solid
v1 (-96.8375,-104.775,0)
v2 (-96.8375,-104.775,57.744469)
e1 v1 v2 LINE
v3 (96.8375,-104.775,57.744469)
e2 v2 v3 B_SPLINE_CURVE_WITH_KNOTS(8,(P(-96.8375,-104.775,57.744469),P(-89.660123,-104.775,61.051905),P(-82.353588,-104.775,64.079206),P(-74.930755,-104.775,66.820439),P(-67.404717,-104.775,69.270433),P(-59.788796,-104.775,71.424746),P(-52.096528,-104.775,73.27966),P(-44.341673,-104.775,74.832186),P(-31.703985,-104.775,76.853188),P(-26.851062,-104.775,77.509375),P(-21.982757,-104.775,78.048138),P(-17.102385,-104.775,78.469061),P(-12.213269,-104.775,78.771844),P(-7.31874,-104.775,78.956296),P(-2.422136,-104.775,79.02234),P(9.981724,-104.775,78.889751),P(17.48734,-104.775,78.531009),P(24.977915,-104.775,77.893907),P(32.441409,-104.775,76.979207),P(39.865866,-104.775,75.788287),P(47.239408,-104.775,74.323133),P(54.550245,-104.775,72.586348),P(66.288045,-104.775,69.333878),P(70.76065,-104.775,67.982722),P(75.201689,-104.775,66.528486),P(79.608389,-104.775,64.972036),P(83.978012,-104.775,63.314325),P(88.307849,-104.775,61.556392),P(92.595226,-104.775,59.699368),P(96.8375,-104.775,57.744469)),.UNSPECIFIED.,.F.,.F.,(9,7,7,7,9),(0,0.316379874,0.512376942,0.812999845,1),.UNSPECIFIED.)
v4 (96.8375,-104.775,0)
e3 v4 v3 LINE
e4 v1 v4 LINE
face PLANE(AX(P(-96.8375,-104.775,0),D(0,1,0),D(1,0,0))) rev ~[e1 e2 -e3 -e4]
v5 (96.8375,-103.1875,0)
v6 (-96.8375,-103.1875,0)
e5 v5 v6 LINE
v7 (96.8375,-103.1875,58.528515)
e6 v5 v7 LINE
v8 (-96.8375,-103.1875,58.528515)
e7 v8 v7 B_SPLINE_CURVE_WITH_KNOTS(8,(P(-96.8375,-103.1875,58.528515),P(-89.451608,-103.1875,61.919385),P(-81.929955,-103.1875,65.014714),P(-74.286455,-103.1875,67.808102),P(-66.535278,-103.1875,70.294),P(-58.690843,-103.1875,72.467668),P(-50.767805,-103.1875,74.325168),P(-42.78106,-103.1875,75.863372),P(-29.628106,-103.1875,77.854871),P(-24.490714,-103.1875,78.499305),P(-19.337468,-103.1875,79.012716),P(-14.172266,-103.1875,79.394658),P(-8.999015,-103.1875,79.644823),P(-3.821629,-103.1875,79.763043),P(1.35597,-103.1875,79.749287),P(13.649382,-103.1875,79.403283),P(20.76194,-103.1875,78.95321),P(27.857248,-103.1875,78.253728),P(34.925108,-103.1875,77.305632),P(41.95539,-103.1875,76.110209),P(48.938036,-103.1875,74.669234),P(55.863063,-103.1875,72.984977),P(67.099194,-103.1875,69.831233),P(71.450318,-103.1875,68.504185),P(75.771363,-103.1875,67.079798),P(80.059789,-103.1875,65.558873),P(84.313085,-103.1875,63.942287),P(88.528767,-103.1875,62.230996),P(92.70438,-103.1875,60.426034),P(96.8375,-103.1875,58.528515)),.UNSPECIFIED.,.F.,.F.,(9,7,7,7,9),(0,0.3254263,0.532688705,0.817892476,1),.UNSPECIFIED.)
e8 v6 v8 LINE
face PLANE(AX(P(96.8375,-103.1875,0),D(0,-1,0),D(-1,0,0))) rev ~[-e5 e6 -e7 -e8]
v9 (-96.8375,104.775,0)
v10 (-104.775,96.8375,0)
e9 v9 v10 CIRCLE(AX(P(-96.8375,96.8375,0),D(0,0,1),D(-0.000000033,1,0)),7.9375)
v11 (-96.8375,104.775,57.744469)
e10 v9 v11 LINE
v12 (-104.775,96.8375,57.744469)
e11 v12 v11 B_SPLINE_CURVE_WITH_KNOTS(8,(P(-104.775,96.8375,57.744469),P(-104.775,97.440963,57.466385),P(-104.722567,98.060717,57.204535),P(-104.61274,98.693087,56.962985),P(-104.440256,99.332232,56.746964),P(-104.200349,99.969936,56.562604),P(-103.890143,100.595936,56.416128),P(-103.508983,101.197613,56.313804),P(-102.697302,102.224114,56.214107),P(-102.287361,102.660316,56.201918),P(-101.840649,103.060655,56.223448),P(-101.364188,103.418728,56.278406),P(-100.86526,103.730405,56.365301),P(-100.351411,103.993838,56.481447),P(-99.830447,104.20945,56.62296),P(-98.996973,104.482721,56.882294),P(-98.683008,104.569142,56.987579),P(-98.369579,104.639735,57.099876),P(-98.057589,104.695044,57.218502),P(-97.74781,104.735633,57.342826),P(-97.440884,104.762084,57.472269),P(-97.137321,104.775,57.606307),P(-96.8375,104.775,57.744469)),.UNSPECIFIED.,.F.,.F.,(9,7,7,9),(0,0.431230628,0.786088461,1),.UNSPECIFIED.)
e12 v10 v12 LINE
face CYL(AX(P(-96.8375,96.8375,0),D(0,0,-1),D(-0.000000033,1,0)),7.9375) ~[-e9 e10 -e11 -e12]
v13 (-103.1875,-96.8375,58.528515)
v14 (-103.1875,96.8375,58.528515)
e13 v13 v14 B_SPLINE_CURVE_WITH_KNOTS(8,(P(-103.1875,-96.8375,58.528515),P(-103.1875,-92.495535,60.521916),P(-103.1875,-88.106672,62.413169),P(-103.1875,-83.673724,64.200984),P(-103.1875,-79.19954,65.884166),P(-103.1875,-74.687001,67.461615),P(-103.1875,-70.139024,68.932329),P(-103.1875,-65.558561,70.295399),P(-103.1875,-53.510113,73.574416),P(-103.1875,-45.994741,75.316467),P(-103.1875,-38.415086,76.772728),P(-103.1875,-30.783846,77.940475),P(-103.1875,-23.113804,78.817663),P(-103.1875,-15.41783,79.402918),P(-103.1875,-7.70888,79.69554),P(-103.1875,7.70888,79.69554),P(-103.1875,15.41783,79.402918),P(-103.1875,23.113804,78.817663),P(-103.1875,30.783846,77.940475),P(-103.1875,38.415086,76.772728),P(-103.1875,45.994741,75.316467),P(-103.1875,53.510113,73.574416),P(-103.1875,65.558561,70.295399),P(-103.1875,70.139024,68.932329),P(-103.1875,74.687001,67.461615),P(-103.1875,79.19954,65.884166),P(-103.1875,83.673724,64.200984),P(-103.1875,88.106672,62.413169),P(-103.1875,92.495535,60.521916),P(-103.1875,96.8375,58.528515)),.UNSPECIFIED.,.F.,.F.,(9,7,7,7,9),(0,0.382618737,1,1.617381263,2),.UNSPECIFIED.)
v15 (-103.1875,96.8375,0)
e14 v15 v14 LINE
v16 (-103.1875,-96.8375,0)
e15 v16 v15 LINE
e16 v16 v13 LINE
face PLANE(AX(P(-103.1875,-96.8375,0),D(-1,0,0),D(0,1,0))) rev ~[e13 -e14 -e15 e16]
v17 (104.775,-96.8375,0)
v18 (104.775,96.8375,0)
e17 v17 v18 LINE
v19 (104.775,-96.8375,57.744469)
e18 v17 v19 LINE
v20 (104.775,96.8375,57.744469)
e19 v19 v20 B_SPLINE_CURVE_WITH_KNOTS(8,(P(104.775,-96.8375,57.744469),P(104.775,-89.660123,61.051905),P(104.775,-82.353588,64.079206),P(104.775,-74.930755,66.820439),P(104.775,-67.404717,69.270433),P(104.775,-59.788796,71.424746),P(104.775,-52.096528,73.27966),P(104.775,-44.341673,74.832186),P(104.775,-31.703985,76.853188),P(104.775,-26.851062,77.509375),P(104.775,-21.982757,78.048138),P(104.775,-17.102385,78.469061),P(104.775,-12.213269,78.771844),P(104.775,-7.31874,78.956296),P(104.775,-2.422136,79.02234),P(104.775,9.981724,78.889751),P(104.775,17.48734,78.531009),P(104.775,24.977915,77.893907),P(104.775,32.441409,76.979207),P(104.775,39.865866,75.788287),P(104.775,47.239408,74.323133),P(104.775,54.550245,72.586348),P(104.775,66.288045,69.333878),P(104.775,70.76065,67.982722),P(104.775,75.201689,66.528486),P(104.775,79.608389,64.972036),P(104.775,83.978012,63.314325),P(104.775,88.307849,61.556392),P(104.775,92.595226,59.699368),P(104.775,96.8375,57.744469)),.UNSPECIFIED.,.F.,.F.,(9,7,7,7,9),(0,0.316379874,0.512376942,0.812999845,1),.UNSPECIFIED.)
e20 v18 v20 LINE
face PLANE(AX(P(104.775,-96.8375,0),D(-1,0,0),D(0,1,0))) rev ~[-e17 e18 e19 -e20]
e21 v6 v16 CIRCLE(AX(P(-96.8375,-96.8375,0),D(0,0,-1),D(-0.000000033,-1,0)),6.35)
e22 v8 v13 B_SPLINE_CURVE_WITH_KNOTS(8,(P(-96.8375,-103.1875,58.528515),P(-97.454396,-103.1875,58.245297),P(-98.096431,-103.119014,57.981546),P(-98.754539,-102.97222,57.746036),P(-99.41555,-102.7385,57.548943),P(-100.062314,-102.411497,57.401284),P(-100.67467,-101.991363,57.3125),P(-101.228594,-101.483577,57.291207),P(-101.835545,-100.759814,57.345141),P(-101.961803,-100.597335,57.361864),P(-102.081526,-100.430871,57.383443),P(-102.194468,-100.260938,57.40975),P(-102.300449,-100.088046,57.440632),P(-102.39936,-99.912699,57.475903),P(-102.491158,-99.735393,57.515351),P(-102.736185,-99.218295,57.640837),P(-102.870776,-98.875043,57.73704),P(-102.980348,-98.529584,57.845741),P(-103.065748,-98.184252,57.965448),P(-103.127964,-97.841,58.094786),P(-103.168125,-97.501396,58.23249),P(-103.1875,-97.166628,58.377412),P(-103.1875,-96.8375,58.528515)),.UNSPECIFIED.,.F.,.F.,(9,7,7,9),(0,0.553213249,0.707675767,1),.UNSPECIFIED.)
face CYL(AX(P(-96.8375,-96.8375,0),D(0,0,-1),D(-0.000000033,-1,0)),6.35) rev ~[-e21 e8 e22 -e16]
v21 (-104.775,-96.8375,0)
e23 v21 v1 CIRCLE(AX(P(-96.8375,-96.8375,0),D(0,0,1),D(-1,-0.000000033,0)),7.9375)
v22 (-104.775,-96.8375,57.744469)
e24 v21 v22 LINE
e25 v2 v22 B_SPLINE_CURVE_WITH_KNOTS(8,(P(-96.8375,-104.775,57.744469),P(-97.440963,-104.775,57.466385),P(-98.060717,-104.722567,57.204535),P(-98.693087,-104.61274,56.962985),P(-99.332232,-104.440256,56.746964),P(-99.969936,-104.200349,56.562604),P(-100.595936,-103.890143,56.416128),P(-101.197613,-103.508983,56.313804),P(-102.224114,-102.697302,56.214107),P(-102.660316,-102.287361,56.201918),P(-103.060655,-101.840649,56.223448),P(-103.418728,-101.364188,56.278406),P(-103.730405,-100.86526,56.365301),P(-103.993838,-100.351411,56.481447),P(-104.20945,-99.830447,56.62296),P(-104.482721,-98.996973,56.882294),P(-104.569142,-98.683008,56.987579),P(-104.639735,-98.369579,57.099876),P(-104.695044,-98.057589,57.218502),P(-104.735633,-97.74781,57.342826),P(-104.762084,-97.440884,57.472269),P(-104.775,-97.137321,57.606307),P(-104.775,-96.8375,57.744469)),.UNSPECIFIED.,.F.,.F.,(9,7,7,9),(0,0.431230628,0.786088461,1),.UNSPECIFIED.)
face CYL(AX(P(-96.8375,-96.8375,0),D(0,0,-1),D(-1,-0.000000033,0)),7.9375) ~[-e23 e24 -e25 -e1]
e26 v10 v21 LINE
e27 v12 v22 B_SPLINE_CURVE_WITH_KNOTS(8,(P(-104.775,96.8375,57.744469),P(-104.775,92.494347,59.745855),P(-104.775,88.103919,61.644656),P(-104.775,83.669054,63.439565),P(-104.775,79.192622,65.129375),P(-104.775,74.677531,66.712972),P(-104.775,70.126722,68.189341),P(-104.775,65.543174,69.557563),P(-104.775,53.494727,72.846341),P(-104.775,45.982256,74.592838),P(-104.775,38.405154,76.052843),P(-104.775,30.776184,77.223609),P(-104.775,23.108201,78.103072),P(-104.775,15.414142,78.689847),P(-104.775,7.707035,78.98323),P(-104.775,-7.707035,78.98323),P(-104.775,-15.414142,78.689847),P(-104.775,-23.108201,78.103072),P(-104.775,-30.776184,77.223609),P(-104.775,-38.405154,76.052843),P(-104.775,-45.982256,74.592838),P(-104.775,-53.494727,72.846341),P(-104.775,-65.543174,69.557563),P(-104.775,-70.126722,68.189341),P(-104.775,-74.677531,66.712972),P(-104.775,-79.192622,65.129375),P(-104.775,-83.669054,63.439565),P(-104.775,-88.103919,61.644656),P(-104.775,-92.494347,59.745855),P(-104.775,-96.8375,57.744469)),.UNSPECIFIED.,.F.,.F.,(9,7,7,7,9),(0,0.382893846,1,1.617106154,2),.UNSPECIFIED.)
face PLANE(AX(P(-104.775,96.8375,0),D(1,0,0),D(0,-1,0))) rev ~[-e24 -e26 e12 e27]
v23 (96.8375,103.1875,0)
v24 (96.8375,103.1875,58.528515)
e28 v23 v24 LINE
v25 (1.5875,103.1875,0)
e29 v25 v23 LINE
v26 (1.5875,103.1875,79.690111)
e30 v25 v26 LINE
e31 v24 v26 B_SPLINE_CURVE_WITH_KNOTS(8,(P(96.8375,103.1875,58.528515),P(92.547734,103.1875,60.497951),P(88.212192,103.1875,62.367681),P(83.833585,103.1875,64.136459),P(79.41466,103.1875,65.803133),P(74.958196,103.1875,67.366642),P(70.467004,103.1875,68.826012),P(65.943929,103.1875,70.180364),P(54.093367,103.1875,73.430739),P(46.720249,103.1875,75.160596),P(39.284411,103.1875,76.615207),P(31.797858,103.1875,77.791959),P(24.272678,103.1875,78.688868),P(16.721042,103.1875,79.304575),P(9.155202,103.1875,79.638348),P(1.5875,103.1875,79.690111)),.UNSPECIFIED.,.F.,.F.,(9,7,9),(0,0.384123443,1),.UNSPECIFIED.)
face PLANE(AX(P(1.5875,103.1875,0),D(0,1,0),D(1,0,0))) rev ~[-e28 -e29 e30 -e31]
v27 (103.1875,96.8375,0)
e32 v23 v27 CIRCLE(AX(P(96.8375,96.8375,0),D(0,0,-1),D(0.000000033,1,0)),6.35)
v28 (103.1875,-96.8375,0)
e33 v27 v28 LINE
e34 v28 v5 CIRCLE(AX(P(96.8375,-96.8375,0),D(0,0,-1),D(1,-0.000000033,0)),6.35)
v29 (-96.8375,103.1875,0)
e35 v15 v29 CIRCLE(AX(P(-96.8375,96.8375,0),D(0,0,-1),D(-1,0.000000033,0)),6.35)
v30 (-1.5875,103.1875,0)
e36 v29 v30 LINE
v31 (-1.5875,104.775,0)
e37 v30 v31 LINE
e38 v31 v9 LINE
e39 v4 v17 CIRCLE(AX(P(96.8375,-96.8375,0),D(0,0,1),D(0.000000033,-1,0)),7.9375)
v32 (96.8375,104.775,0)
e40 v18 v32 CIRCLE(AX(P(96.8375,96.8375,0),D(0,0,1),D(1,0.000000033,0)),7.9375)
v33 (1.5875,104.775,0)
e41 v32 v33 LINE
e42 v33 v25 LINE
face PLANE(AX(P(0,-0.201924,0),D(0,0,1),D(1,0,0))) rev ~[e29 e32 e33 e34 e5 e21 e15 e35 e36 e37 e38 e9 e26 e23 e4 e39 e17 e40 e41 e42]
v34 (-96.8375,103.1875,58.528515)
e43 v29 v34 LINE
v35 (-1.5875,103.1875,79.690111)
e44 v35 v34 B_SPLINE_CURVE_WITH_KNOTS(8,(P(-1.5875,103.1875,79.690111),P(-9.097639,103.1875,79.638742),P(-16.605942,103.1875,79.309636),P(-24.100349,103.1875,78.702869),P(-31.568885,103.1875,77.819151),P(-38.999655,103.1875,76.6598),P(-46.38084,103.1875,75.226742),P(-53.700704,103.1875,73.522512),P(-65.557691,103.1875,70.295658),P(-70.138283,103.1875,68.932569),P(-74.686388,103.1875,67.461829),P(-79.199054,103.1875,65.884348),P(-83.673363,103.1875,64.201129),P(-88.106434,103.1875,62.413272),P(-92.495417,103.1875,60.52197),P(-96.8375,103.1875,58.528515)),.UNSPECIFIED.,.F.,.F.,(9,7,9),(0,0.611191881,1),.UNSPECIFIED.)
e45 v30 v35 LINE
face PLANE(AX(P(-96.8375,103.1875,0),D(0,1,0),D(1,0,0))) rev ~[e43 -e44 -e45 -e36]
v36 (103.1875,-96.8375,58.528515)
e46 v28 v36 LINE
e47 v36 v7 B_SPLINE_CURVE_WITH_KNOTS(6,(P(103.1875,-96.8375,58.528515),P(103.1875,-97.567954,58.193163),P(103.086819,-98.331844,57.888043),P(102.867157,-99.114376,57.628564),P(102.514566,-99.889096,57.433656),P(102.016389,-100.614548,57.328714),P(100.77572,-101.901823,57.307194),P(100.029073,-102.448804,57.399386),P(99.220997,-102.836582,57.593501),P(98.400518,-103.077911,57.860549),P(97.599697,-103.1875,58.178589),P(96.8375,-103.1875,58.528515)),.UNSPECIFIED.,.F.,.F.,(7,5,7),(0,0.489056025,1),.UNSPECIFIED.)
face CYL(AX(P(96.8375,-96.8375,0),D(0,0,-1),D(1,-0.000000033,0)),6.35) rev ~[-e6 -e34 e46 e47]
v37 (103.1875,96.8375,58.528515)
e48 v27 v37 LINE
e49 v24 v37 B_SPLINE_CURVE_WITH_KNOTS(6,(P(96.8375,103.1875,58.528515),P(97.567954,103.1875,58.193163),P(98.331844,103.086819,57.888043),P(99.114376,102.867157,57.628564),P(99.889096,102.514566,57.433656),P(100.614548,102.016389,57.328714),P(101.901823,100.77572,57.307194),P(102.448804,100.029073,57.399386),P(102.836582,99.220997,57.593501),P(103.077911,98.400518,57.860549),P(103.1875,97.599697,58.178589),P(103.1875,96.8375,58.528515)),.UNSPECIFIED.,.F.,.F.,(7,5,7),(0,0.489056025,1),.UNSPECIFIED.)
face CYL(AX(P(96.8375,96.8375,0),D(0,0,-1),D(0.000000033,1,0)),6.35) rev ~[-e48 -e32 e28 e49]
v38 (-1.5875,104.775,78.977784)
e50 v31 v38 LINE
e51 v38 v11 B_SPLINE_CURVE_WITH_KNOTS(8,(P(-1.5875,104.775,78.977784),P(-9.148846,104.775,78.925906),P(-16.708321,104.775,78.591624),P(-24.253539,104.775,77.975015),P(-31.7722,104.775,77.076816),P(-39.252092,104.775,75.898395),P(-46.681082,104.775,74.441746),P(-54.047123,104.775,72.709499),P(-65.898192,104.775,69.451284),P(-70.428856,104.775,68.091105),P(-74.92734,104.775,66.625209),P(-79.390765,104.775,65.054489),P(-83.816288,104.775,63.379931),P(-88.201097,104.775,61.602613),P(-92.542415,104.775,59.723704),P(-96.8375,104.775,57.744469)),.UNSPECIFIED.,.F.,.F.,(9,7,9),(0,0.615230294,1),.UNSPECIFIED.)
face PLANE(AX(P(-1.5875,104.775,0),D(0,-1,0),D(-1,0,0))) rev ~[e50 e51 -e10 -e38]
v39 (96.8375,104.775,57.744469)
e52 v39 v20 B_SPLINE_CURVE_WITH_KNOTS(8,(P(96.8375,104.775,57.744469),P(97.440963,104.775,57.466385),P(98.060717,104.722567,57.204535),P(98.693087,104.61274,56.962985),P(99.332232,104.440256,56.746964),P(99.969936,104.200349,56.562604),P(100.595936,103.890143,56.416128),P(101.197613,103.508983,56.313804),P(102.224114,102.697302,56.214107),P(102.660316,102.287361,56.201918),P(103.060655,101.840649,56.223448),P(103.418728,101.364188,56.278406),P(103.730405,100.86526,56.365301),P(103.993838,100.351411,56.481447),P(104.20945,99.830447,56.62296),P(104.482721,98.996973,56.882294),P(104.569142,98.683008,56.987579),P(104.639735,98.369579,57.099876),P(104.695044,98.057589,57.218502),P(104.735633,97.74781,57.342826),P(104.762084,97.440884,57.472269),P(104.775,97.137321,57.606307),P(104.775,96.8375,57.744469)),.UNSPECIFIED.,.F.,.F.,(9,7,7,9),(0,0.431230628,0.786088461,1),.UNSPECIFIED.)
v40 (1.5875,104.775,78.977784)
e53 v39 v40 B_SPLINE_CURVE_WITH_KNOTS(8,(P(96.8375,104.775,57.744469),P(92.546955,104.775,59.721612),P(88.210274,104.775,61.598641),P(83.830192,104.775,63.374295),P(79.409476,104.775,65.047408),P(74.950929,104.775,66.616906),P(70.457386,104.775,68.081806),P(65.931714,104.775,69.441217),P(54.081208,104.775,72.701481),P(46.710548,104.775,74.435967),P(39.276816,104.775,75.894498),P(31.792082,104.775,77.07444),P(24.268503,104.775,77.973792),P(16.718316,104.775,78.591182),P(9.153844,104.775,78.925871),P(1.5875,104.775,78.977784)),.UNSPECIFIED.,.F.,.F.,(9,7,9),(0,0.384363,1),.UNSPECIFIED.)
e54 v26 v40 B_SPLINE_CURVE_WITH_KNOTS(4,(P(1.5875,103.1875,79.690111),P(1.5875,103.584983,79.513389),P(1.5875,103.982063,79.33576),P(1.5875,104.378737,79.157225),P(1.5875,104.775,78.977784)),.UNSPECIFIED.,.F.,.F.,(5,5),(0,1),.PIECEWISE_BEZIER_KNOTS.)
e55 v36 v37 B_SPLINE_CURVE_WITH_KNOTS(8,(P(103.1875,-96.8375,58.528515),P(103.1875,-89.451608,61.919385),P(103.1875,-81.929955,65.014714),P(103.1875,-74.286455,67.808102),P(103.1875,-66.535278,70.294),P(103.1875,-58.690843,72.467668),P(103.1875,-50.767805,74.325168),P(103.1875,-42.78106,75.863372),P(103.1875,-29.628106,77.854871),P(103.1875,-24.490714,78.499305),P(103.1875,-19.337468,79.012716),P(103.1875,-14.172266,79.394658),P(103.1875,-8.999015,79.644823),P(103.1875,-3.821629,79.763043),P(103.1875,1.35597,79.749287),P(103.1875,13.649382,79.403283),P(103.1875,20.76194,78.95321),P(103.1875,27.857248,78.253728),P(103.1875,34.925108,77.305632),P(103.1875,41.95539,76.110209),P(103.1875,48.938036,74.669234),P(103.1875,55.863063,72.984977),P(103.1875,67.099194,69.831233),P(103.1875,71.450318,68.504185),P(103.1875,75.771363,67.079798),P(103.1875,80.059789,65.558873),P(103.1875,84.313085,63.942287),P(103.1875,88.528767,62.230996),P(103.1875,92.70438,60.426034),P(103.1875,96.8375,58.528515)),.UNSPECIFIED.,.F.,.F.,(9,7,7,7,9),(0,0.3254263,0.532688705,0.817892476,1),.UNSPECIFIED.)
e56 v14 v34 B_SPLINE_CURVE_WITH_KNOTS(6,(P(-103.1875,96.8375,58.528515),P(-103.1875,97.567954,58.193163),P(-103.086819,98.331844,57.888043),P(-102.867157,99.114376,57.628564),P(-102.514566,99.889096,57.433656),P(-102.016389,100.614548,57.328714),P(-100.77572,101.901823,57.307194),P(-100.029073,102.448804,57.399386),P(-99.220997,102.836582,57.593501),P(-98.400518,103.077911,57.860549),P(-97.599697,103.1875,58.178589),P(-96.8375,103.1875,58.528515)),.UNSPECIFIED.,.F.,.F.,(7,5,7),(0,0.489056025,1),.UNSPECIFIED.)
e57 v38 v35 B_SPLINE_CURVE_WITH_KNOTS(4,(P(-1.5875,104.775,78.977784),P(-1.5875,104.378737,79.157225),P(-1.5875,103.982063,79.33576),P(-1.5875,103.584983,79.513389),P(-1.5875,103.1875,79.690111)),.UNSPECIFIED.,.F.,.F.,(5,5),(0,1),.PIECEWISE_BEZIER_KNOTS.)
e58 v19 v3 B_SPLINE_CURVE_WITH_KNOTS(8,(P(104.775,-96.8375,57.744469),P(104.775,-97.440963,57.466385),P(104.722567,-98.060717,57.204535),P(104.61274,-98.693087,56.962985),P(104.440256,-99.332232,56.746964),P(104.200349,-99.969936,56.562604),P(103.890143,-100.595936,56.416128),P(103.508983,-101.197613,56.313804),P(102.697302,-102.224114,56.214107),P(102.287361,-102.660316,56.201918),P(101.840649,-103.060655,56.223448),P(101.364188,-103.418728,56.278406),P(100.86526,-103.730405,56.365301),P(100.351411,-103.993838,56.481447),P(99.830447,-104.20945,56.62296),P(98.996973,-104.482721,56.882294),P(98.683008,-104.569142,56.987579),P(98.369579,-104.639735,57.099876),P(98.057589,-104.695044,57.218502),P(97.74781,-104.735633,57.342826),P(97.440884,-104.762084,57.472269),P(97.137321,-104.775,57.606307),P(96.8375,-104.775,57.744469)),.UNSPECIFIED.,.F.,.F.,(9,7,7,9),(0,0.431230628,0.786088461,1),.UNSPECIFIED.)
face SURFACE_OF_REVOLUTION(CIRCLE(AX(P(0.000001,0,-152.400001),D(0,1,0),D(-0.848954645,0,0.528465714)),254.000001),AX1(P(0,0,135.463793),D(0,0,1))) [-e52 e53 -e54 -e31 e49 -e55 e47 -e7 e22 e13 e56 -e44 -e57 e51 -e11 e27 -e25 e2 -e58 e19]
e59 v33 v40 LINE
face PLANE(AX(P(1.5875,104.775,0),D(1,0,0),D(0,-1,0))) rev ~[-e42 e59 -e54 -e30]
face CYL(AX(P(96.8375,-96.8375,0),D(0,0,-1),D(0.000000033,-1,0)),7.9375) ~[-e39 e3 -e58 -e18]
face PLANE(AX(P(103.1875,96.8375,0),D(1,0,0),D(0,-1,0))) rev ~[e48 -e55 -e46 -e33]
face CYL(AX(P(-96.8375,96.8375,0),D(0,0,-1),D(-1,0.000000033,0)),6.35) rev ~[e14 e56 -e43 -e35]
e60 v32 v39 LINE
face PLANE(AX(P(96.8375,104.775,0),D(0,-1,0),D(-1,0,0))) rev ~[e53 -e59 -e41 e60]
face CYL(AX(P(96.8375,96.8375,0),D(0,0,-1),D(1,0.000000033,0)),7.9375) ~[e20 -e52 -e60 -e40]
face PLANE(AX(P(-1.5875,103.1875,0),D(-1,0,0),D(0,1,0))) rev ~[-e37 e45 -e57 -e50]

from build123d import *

# Parameters (mm, degrees)
F2_DEPTH = 101.6


with BuildPart() as f2:
    # F1 (on Top) → F2 (new body)
    with BuildSketch(Plane.XY):
        with BuildLine():
            ThreePointArc((-103.1875, 96.8375), (-101.327628, 101.327628), (-96.8375, 103.1875))
            Line((-96.8375, 103.1875), (-1.5875, 103.1875))
            Line((-1.5875, 103.1875), (-1.5875, 104.775))
            Line((-1.5875, 104.775), (-96.8375, 104.775))
            ThreePointArc((-96.8375, 104.775), (-102.45016, 102.45016), (-104.775, 96.8375))
            Line((-104.775, 96.8375), (-104.775, -96.8375))
            ThreePointArc((-104.775, -96.8375), (-102.45016, -102.45016), (-96.8375, -104.775))
            Line((-96.8375, -104.775), (96.8375, -104.775))
            ThreePointArc((96.8375, -104.775), (102.45016, -102.45016), (104.775, -96.8375))
            Line((104.775, -96.8375), (104.775, 96.8375))
            ThreePointArc((104.775, 96.8375), (102.45016, 102.45016), (96.8375, 104.775))
            Line((96.8375, 104.775), (1.5875, 104.775))
            Line((1.5875, 104.775), (1.5875, 103.1875))
            Line((1.5875, 103.1875), (96.8375, 103.1875))
            ThreePointArc((96.8375, 103.1875), (101.327628, 101.327628), (103.1875, 96.8375))
            Line((103.1875, 96.8375), (103.1875, -96.8375))
            ThreePointArc((103.1875, -96.8375), (101.327628, -101.327628), (96.8375, -103.1875))
            Line((96.8375, -103.1875), (-96.8375, -103.1875))
            ThreePointArc((-96.8375, -103.1875), (-101.327628, -101.327628), (-103.1875, -96.8375))
            Line((-103.1875, -96.8375), (-103.1875, 96.8375))
        make_face()
    extrude(amount=F2_DEPTH)

    # F4 (on Front) → F5 (revolve, cut)
    with BuildSketch(Plane.XZ):
        with BuildLine():
            ThreePointArc((-215.63448, -18.169709), (-123.331882, 69.647848), (0, 101.6))
            Line((0, 101.6), (0, 169.327586))
            Line((0, 169.327586), (-215.63448, 169.327586))
            Line((-215.63448, 169.327586), (-215.63448, -18.169709))
        make_face()
    revolve(axis=Axis((0, 0, 135.463793), (0, 0, 1)), mode=Mode.SUBTRACT)


solid = f2.part
